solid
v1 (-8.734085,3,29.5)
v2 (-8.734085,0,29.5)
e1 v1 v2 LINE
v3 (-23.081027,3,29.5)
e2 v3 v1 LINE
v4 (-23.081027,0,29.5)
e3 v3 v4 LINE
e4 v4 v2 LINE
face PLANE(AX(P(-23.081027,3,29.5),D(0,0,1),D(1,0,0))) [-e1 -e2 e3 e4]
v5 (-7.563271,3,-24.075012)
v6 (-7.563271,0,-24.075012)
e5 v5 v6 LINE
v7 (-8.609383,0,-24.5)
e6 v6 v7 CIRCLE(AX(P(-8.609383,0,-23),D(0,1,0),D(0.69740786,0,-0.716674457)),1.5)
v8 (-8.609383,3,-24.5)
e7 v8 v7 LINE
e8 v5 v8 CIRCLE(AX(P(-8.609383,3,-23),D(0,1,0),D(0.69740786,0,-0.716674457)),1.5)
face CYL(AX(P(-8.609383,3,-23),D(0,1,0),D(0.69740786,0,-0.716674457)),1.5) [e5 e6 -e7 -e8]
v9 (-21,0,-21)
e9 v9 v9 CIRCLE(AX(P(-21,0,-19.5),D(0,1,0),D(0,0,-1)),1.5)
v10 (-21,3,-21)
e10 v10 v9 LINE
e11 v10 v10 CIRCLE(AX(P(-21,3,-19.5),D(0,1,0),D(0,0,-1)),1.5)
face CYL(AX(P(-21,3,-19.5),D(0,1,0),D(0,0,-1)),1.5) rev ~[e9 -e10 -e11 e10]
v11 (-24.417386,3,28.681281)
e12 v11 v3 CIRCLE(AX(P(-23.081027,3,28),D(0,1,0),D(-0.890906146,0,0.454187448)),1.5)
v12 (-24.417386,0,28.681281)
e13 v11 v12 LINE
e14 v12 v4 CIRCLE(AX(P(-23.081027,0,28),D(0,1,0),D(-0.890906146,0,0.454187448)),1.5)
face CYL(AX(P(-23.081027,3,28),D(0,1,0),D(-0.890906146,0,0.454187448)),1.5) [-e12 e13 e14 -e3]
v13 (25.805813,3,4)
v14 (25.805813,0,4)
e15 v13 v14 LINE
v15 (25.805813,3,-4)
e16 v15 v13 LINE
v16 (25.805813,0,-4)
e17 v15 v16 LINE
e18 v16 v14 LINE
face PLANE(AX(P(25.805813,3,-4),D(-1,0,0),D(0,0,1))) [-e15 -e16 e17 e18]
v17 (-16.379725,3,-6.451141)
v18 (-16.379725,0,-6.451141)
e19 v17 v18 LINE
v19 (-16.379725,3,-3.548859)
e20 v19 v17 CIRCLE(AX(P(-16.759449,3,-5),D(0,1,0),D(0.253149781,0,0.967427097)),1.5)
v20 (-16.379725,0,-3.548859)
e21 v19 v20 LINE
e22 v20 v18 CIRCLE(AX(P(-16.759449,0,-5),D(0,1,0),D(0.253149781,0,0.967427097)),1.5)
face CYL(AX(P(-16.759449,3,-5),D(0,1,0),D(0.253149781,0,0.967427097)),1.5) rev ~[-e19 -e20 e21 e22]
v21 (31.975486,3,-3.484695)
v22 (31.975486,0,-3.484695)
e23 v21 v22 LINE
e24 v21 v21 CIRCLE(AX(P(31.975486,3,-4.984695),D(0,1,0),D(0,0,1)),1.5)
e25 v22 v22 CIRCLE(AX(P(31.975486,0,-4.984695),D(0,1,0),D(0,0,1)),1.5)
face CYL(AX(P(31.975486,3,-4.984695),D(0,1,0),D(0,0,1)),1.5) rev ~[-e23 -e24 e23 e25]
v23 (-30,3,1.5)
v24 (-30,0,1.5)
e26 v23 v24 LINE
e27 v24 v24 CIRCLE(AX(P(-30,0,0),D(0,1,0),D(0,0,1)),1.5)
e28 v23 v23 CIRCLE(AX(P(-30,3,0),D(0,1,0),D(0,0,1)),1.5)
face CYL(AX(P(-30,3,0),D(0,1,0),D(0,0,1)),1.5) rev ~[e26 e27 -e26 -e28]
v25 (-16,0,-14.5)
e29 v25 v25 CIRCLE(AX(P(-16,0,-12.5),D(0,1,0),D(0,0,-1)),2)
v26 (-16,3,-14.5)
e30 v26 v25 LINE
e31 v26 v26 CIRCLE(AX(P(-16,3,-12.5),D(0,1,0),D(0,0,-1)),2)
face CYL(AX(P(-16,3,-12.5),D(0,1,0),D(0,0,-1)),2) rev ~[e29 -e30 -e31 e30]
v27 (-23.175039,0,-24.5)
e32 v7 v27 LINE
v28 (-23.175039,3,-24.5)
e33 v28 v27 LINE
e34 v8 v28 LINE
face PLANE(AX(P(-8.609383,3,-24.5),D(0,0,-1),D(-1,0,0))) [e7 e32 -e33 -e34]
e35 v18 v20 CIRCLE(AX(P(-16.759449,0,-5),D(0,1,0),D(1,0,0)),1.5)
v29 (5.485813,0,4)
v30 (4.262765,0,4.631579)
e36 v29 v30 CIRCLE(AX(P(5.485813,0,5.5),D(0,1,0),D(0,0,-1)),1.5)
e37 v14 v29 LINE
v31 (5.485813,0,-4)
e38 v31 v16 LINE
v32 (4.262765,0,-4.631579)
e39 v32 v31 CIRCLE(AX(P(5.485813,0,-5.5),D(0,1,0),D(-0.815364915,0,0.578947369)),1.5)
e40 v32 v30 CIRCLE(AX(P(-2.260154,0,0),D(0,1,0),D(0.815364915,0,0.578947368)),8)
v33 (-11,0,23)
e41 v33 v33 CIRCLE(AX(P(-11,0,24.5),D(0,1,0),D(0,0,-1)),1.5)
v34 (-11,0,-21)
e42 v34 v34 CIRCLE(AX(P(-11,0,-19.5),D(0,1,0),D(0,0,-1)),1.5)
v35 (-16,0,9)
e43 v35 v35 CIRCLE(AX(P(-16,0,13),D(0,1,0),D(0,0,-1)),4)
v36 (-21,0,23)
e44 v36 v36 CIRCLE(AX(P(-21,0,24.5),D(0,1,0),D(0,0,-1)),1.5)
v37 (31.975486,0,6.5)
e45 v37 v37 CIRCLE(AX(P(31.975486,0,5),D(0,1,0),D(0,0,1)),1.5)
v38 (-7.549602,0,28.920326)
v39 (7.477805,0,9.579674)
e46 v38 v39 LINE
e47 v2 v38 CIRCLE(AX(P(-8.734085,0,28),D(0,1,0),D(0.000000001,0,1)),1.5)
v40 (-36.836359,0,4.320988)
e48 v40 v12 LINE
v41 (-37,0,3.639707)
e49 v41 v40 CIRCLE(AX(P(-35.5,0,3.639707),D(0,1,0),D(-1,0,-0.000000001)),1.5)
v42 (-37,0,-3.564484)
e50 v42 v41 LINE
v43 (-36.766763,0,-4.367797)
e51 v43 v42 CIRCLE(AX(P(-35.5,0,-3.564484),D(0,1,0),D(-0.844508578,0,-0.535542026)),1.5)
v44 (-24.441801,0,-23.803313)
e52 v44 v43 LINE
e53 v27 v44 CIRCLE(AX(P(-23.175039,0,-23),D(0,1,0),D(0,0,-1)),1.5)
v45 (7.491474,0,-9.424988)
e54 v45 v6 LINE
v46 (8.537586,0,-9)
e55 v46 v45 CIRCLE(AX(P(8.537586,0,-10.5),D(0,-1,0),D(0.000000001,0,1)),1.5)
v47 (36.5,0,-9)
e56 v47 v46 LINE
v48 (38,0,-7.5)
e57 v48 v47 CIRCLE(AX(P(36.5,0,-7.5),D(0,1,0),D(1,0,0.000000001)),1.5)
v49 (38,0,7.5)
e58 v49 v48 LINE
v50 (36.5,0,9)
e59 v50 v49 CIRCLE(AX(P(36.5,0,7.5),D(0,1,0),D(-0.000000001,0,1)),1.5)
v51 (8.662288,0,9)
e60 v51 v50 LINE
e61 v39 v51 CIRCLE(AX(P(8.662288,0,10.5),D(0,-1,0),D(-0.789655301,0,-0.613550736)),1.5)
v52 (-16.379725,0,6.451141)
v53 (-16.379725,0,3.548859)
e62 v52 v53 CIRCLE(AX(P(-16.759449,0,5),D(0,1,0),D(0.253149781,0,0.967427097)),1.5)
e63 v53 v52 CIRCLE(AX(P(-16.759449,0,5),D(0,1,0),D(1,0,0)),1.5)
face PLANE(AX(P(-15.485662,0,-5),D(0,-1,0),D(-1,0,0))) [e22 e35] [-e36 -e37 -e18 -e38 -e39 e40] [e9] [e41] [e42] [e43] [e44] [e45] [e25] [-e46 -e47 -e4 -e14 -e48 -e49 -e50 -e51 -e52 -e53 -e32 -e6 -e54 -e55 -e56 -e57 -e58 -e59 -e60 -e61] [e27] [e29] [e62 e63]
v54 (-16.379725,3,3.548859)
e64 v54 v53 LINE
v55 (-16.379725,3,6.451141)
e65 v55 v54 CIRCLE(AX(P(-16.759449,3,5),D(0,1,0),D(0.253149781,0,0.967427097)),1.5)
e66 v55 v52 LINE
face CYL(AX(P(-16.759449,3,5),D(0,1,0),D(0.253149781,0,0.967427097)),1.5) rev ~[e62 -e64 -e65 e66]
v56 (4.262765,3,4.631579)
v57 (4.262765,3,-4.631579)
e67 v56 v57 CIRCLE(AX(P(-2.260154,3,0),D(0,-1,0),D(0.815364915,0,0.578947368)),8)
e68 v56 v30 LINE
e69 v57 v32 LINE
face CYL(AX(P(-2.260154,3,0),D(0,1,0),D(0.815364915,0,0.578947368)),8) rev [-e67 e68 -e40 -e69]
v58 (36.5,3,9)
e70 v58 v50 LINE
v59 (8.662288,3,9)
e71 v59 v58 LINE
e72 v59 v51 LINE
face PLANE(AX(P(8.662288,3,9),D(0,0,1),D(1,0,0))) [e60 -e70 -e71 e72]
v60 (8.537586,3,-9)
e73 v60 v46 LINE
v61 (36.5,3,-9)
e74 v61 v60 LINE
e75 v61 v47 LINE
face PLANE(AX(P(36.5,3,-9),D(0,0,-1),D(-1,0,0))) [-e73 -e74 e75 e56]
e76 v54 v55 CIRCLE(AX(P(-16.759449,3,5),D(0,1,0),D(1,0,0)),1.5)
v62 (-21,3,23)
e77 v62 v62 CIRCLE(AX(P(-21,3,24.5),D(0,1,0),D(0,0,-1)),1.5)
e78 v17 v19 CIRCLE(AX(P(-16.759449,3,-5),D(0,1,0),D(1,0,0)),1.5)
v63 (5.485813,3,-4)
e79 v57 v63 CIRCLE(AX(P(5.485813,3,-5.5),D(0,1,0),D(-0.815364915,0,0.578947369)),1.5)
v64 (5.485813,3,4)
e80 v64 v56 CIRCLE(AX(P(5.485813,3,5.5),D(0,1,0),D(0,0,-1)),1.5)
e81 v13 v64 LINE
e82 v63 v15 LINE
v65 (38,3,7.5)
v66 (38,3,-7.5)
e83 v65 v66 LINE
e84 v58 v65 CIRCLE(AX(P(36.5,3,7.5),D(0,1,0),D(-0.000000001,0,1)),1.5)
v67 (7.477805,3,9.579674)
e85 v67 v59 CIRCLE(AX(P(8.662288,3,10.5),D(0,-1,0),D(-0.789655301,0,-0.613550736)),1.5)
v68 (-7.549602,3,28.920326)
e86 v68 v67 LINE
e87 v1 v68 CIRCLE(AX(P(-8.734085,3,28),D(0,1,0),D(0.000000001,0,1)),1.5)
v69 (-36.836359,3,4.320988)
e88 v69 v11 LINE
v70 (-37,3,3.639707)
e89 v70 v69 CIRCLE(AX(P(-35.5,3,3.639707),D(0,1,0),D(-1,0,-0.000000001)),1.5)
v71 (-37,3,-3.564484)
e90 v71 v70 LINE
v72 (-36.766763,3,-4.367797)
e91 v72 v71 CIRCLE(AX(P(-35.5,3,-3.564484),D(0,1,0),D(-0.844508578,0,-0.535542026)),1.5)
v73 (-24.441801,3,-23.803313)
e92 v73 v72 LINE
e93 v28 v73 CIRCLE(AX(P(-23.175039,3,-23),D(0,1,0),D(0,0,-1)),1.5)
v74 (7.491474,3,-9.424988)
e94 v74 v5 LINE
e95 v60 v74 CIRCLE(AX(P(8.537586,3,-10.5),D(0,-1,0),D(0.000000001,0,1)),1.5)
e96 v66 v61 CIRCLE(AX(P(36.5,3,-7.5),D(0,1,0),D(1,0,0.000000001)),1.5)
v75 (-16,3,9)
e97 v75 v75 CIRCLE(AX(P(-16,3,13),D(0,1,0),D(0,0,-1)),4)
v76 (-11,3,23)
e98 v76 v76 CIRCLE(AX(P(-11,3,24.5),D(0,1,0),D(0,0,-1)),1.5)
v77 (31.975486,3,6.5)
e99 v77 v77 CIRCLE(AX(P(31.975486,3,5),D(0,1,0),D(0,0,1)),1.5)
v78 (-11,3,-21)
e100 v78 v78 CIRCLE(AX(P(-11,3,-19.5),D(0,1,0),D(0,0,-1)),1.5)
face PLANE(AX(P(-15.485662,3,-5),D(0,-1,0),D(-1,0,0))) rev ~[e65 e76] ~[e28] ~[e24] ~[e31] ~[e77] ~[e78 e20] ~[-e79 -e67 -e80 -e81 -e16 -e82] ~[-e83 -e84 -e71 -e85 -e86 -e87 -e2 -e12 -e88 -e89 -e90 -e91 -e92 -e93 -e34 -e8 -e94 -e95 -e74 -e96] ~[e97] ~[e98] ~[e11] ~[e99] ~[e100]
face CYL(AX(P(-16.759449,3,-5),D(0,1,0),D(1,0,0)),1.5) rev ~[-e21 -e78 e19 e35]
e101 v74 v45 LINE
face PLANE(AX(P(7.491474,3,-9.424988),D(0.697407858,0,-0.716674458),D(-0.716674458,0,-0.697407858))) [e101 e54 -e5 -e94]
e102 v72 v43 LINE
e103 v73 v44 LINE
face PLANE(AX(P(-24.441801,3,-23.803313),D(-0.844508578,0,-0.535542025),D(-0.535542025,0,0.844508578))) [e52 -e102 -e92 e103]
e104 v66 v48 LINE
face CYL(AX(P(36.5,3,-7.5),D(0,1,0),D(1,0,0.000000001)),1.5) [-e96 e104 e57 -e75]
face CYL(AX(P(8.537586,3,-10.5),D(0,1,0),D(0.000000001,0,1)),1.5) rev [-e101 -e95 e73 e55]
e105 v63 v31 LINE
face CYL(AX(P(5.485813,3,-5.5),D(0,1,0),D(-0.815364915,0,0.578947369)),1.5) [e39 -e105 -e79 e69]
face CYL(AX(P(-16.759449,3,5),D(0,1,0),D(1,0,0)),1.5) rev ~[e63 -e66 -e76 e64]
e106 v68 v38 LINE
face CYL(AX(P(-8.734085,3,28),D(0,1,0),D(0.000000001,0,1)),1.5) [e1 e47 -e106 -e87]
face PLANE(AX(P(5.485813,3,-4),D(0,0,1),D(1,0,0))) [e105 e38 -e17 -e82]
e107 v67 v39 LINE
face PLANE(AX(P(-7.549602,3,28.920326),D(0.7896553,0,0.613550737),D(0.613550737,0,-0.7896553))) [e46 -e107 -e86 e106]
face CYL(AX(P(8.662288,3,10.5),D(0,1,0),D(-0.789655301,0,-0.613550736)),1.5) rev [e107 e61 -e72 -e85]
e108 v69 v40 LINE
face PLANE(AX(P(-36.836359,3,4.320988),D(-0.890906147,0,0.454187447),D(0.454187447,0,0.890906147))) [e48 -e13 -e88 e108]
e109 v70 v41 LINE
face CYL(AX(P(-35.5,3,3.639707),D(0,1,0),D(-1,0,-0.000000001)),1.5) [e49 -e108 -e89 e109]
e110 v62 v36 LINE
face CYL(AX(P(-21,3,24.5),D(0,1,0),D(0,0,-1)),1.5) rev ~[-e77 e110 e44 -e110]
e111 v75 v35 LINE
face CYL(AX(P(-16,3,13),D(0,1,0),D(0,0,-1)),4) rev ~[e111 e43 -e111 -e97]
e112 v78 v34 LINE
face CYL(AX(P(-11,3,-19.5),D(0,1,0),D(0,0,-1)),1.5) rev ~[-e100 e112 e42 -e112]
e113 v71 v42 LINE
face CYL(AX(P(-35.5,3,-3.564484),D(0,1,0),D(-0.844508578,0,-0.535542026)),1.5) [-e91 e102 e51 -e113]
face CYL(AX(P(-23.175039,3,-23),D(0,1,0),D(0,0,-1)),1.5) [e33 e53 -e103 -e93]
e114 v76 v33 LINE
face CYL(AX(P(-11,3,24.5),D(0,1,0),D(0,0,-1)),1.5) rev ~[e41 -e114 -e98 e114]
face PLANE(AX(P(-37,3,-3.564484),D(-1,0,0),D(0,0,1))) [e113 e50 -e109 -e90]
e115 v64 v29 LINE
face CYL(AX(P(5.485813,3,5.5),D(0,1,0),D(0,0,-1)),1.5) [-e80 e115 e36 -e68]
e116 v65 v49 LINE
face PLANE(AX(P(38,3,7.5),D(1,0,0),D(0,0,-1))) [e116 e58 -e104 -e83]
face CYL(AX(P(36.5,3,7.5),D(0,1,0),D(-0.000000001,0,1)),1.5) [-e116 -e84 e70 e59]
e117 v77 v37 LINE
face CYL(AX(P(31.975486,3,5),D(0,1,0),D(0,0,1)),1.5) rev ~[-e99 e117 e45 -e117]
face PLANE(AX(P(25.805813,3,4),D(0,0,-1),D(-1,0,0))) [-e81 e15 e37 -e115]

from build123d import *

# Parameters (mm, degrees)
ESQUISSE1_R             = 1.5
ESQUISSE1_R_2           = 2
ESQUISSE1_R_3           = 4
BOSS_EXTRU_1_DEPTH      = 3
ESQUISSE4_R             = 2.563154281
ESQUISSE4_W             = 9.437600028
ESQUISSE4_H             = 17.69995175
BOSS_EXTRU_3_DEPTH      = 3
ESQUISSE5_R             = 1.5
ENL_V_MAT_EXTRU_1_DEPTH = 10
ESQUISSE6_R             = 1.5
BOSS_EXTRU_5_DEPTH      = 3
ESQUISSE7_R             = 1.5
ENL_V_MAT_EXTRU_2_DEPTH = 3
ESQUISSE8_R             = 1.5
ENL_V_MAT_EXTRU_3_DEPTH = 3
BOSS_EXTRU_7_DEPTH      = 3


with BuildPart() as part:
    # Esquisse1 → Boss.-Extru.1 (new body)
    with BuildSketch(Plane(origin=(0, 3, 0), x_dir=(1, 0, 0), z_dir=(0, 1, 0))):
        with BuildLine():
            Line((-24.441801488, 23.803313038), (-36.766762868, 4.367797016))
            ThreePointArc((-36.766762868, 4.367797016), (-36.940511073, 3.982727746), (-37, 3.564483978))
            Line((-37, 3.564483978), (-37, -3.639706512))
            ThreePointArc((-37, -3.639706512), (-36.958516169, -3.990035764), (-36.83635922, -4.320987683))
            Line((-36.83635922, -4.320987683), (-24.41738607, -28.681281171))
            ThreePointArc((-24.41738607, -28.681281171), (-23.864633333, -29.279046863), (-23.081026849, -29.5))
            Line((-23.081026849, -29.5), (-8.734084726, -29.5))
            ThreePointArc((-8.734084726, -29.5), (-8.074724869, -29.347310127), (-7.549601775, -28.920326105))
            Line((-7.549601775, -28.920326105), (7.477805006, -9.579673895))
            ThreePointArc((7.477805006, -9.579673895), (8.002928099, -9.152689873), (8.662287956, -9))
            Line((8.662287956, -9), (36.5, -9))
            ThreePointArc((36.5, -9), (37.560660172, -8.560660172), (38, -7.5))
            Line((38, -7.5), (38, 7.5))
            ThreePointArc((38, 7.5), (37.560660172, 8.560660172), (36.5, 9))
            Line((36.5, 9), (8.537585972, 9))
            ThreePointArc((8.537585972, 9), (7.973014245, 9.110302635), (7.491474184, 9.424988313))
            Line((7.491474184, 9.424988313), (-7.563270954, 24.075011687))
            ThreePointArc((-7.563270954, 24.075011687), (-8.044811015, 24.389697365), (-8.609382741, 24.5))
            Line((-8.609382741, 24.5), (-23.17503862, 24.5))
            ThreePointArc((-23.17503862, 24.5), (-23.897890764, 24.314338152), (-24.441801488, 23.803313038))
        make_face()
        with Locations(Location((33, -5, 0), (0, 0, 90))):
            Circle(ESQUISSE1_R, mode=Mode.SUBTRACT)
        with Locations(Location((-16, 12.5, 0), (0, 0, 90))):
            Circle(ESQUISSE1_R_2, mode=Mode.SUBTRACT)
        with Locations(Location((-21, -24.5, 0), (0, 0, 90))):
            Circle(ESQUISSE1_R, mode=Mode.SUBTRACT)
        with Locations(Location((-21, 19.5, 0), (0, 0, 90))):
            Circle(ESQUISSE1_R, mode=Mode.SUBTRACT)
        with Locations(Location((-16, -5, 0), (0, 0, 90))):
            Circle(ESQUISSE1_R, mode=Mode.SUBTRACT)
        with Locations(Location((-16, 5, 0), (0, 0, 90))):
            Circle(ESQUISSE1_R, mode=Mode.SUBTRACT)
        with Locations(Location((-11, 19.5, 0), (0, 0, 90))):
            Circle(ESQUISSE1_R, mode=Mode.SUBTRACT)
        with Locations(Location((-11, -24.5, 0), (0, 0, 90))):
            Circle(ESQUISSE1_R, mode=Mode.SUBTRACT)
        with Locations(Location((-32, 0, 0), (0, 0, 90))):
            Circle(ESQUISSE1_R, mode=Mode.SUBTRACT)
        with Locations(Location((-16, -13, 0), (0, 0, 90))):
            Circle(ESQUISSE1_R_3, mode=Mode.SUBTRACT)
        with Locations(Location((33, 5, 0), (0, 0, 90))):
            Circle(ESQUISSE1_R, mode=Mode.SUBTRACT)
        with BuildLine():
            Line((-26.75, -5), (-26.75, 5))
            ThreePointArc((-26.75, 5), (-26.017766953, 6.767766953), (-24.25, 7.5))
            Line((-24.25, 7.5), (-21.75, 7.5))
            ThreePointArc((-21.75, 7.5), (-19.982233047, 6.767766953), (-19.25, 5))
            Line((-19.25, 5), (-19.25, -5))
            ThreePointArc((-19.25, -5), (-19.982233047, -6.767766953), (-21.75, -7.5))
            Line((-21.75, -7.5), (-24.25, -7.5))
            ThreePointArc((-24.25, -7.5), (-26.017766953, -6.767766953), (-26.75, -5))
        make_face(mode=Mode.SUBTRACT)
        with BuildLine():
            Line((27.25, 2.5), (27.25, -2.5))
            ThreePointArc((27.25, -2.5), (26.810660172, -3.560660172), (25.75, -4))
            Line((25.75, -4), (7.745966692, -4))
            ThreePointArc((7.745966692, -4), (7.057719491, -4.167215025), (6.52291932, -4.631578947))
            ThreePointArc((6.52291932, -4.631578947), (-8, 0), (6.52291932, 4.631578947))
            ThreePointArc((6.52291932, 4.631578947), (7.057719491, 4.167215025), (7.745966692, 4))
            Line((7.745966692, 4), (25.75, 4))
            ThreePointArc((25.75, 4), (26.810660172, 3.560660172), (27.25, 2.5))
        make_face(mode=Mode.SUBTRACT)
    extrude(amount=-BOSS_EXTRU_1_DEPTH)

    # Esquisse4 → Boss.-Extru.3 (add)
    with BuildSketch(Plane(origin=(0, 3, 0), x_dir=(1, 0, 0), z_dir=(0, 1, 0))):
        with Locations((-32, 0)):
            Circle(ESQUISSE4_R)
        with BuildLine():
            Line((-8.428765835, 5.31043864), (-10.28347554, 5.31043864))
            Line((-10.28347554, 5.31043864), (-10.28347554, -6.18848711))
            Line((-10.28347554, -6.18848711), (-7.806886661, -6.18848711))
            ThreePointArc((-7.806886661, -6.18848711), (0, -9.96217105), (7.806886661, -6.18848711))
            Line((7.806886661, -6.18848711), (29.357557964, -6.18848711))
            Line((29.357557964, -6.18848711), (29.357557964, 5.31043864))
            Line((29.357557964, 5.31043864), (8.428765835, 5.31043864))
            ThreePointArc((8.428765835, 5.31043864), (0, 9.96217105), (-8.428765835, 5.31043864))
        make_face()
        with Locations((-22.804360287, -0.041920648)):
            Rectangle(ESQUISSE4_W, ESQUISSE4_H)
    extrude(amount=-BOSS_EXTRU_3_DEPTH)

    # Esquisse5 → Enlèv. mat.-Extru.1 (cut)
    with BuildSketch(Plane(origin=(0, 3, 0), x_dir=(1, 0, 0), z_dir=(0, 1, 0))):
        with Locations(Location((-30, 0, 0), (0, 0, 270))):
            Circle(ESQUISSE5_R)
        with BuildLine():
            Line((5.485812833, 4), (25.805812833, 4))
            Line((25.805812833, 4), (25.805812833, -4))
            Line((25.805812833, -4), (5.485812833, -4))
            ThreePointArc((5.485812833, -4), (4.797565631, -4.167215025), (4.26276546, -4.631578947))
            ThreePointArc((4.26276546, -4.631578947), (-10.26015386, 0), (4.26276546, 4.631578947))
            ThreePointArc((4.26276546, 4.631578947), (4.797565631, 4.167215025), (5.485812833, 4))
        make_face()
    extrude(amount=-ENL_V_MAT_EXTRU_1_DEPTH, mode=Mode.SUBTRACT)

    # Esquisse6 → Boss.-Extru.5 (add)
    with BuildSketch(Plane(origin=(0, 3, 0), x_dir=(1, 0, 0), z_dir=(0, 1, 0))):
        with Locations((33, 5)):
            Circle(ESQUISSE6_R)
        with Locations((33, -5)):
            Circle(ESQUISSE6_R)
    extrude(amount=-BOSS_EXTRU_5_DEPTH)

    # Esquisse7 → Enlèv. mat.-Extru.2 (cut)
    with BuildSketch(Plane(origin=(0, 3, 0), x_dir=(1, 0, 0), z_dir=(0, 1, 0))):
        with Locations(Location((31.975486082, 4.984695173, 0), (0, 0, 270))):
            Circle(ESQUISSE7_R)
        with Locations(Location((31.975486082, -5, 0), (0, 0, 270))):
            Circle(ESQUISSE7_R)
    extrude(amount=-ENL_V_MAT_EXTRU_2_DEPTH, mode=Mode.SUBTRACT)

    # Esquisse8 → Enlèv. mat.-Extru.3 (cut)
    with BuildSketch(Plane(origin=(0, 3, 0), x_dir=(1, 0, 0), z_dir=(0, 1, 0))):
        with Locations((-16.759449345, 5)):
            Circle(ESQUISSE8_R)
        with Locations((-16, 5)):
            Circle(ESQUISSE8_R)
        with Locations((-16.759449345, -5)):
            Circle(ESQUISSE8_R)
        with Locations((-16, -5)):
            Circle(ESQUISSE8_R)
    extrude(amount=-ENL_V_MAT_EXTRU_3_DEPTH, mode=Mode.SUBTRACT)

    # Esquisse10 → Boss.-Extru.7 (add)
    with BuildSketch(Plane(origin=(0, 3, 0), x_dir=(1, 0, 0), z_dir=(0, 1, 0))):
        with BuildLine():
            ThreePointArc((-16.379724673, 3.548859355), (-15.259449345, 5), (-16.379724673, 6.451140645))
            ThreePointArc((-16.379724673, 6.451140645), (-14.5, 5), (-16.379724673, 3.548859355))
        make_face()
        with BuildLine():
            ThreePointArc((-16.379724673, -6.451140645), (-15.259449345, -5), (-16.379724673, -3.548859355))
            ThreePointArc((-16.379724673, -3.548859355), (-14.5, -5), (-16.379724673, -6.451140645))
        make_face()
    extrude(amount=-BOSS_EXTRU_7_DEPTH)


solid = part.part
